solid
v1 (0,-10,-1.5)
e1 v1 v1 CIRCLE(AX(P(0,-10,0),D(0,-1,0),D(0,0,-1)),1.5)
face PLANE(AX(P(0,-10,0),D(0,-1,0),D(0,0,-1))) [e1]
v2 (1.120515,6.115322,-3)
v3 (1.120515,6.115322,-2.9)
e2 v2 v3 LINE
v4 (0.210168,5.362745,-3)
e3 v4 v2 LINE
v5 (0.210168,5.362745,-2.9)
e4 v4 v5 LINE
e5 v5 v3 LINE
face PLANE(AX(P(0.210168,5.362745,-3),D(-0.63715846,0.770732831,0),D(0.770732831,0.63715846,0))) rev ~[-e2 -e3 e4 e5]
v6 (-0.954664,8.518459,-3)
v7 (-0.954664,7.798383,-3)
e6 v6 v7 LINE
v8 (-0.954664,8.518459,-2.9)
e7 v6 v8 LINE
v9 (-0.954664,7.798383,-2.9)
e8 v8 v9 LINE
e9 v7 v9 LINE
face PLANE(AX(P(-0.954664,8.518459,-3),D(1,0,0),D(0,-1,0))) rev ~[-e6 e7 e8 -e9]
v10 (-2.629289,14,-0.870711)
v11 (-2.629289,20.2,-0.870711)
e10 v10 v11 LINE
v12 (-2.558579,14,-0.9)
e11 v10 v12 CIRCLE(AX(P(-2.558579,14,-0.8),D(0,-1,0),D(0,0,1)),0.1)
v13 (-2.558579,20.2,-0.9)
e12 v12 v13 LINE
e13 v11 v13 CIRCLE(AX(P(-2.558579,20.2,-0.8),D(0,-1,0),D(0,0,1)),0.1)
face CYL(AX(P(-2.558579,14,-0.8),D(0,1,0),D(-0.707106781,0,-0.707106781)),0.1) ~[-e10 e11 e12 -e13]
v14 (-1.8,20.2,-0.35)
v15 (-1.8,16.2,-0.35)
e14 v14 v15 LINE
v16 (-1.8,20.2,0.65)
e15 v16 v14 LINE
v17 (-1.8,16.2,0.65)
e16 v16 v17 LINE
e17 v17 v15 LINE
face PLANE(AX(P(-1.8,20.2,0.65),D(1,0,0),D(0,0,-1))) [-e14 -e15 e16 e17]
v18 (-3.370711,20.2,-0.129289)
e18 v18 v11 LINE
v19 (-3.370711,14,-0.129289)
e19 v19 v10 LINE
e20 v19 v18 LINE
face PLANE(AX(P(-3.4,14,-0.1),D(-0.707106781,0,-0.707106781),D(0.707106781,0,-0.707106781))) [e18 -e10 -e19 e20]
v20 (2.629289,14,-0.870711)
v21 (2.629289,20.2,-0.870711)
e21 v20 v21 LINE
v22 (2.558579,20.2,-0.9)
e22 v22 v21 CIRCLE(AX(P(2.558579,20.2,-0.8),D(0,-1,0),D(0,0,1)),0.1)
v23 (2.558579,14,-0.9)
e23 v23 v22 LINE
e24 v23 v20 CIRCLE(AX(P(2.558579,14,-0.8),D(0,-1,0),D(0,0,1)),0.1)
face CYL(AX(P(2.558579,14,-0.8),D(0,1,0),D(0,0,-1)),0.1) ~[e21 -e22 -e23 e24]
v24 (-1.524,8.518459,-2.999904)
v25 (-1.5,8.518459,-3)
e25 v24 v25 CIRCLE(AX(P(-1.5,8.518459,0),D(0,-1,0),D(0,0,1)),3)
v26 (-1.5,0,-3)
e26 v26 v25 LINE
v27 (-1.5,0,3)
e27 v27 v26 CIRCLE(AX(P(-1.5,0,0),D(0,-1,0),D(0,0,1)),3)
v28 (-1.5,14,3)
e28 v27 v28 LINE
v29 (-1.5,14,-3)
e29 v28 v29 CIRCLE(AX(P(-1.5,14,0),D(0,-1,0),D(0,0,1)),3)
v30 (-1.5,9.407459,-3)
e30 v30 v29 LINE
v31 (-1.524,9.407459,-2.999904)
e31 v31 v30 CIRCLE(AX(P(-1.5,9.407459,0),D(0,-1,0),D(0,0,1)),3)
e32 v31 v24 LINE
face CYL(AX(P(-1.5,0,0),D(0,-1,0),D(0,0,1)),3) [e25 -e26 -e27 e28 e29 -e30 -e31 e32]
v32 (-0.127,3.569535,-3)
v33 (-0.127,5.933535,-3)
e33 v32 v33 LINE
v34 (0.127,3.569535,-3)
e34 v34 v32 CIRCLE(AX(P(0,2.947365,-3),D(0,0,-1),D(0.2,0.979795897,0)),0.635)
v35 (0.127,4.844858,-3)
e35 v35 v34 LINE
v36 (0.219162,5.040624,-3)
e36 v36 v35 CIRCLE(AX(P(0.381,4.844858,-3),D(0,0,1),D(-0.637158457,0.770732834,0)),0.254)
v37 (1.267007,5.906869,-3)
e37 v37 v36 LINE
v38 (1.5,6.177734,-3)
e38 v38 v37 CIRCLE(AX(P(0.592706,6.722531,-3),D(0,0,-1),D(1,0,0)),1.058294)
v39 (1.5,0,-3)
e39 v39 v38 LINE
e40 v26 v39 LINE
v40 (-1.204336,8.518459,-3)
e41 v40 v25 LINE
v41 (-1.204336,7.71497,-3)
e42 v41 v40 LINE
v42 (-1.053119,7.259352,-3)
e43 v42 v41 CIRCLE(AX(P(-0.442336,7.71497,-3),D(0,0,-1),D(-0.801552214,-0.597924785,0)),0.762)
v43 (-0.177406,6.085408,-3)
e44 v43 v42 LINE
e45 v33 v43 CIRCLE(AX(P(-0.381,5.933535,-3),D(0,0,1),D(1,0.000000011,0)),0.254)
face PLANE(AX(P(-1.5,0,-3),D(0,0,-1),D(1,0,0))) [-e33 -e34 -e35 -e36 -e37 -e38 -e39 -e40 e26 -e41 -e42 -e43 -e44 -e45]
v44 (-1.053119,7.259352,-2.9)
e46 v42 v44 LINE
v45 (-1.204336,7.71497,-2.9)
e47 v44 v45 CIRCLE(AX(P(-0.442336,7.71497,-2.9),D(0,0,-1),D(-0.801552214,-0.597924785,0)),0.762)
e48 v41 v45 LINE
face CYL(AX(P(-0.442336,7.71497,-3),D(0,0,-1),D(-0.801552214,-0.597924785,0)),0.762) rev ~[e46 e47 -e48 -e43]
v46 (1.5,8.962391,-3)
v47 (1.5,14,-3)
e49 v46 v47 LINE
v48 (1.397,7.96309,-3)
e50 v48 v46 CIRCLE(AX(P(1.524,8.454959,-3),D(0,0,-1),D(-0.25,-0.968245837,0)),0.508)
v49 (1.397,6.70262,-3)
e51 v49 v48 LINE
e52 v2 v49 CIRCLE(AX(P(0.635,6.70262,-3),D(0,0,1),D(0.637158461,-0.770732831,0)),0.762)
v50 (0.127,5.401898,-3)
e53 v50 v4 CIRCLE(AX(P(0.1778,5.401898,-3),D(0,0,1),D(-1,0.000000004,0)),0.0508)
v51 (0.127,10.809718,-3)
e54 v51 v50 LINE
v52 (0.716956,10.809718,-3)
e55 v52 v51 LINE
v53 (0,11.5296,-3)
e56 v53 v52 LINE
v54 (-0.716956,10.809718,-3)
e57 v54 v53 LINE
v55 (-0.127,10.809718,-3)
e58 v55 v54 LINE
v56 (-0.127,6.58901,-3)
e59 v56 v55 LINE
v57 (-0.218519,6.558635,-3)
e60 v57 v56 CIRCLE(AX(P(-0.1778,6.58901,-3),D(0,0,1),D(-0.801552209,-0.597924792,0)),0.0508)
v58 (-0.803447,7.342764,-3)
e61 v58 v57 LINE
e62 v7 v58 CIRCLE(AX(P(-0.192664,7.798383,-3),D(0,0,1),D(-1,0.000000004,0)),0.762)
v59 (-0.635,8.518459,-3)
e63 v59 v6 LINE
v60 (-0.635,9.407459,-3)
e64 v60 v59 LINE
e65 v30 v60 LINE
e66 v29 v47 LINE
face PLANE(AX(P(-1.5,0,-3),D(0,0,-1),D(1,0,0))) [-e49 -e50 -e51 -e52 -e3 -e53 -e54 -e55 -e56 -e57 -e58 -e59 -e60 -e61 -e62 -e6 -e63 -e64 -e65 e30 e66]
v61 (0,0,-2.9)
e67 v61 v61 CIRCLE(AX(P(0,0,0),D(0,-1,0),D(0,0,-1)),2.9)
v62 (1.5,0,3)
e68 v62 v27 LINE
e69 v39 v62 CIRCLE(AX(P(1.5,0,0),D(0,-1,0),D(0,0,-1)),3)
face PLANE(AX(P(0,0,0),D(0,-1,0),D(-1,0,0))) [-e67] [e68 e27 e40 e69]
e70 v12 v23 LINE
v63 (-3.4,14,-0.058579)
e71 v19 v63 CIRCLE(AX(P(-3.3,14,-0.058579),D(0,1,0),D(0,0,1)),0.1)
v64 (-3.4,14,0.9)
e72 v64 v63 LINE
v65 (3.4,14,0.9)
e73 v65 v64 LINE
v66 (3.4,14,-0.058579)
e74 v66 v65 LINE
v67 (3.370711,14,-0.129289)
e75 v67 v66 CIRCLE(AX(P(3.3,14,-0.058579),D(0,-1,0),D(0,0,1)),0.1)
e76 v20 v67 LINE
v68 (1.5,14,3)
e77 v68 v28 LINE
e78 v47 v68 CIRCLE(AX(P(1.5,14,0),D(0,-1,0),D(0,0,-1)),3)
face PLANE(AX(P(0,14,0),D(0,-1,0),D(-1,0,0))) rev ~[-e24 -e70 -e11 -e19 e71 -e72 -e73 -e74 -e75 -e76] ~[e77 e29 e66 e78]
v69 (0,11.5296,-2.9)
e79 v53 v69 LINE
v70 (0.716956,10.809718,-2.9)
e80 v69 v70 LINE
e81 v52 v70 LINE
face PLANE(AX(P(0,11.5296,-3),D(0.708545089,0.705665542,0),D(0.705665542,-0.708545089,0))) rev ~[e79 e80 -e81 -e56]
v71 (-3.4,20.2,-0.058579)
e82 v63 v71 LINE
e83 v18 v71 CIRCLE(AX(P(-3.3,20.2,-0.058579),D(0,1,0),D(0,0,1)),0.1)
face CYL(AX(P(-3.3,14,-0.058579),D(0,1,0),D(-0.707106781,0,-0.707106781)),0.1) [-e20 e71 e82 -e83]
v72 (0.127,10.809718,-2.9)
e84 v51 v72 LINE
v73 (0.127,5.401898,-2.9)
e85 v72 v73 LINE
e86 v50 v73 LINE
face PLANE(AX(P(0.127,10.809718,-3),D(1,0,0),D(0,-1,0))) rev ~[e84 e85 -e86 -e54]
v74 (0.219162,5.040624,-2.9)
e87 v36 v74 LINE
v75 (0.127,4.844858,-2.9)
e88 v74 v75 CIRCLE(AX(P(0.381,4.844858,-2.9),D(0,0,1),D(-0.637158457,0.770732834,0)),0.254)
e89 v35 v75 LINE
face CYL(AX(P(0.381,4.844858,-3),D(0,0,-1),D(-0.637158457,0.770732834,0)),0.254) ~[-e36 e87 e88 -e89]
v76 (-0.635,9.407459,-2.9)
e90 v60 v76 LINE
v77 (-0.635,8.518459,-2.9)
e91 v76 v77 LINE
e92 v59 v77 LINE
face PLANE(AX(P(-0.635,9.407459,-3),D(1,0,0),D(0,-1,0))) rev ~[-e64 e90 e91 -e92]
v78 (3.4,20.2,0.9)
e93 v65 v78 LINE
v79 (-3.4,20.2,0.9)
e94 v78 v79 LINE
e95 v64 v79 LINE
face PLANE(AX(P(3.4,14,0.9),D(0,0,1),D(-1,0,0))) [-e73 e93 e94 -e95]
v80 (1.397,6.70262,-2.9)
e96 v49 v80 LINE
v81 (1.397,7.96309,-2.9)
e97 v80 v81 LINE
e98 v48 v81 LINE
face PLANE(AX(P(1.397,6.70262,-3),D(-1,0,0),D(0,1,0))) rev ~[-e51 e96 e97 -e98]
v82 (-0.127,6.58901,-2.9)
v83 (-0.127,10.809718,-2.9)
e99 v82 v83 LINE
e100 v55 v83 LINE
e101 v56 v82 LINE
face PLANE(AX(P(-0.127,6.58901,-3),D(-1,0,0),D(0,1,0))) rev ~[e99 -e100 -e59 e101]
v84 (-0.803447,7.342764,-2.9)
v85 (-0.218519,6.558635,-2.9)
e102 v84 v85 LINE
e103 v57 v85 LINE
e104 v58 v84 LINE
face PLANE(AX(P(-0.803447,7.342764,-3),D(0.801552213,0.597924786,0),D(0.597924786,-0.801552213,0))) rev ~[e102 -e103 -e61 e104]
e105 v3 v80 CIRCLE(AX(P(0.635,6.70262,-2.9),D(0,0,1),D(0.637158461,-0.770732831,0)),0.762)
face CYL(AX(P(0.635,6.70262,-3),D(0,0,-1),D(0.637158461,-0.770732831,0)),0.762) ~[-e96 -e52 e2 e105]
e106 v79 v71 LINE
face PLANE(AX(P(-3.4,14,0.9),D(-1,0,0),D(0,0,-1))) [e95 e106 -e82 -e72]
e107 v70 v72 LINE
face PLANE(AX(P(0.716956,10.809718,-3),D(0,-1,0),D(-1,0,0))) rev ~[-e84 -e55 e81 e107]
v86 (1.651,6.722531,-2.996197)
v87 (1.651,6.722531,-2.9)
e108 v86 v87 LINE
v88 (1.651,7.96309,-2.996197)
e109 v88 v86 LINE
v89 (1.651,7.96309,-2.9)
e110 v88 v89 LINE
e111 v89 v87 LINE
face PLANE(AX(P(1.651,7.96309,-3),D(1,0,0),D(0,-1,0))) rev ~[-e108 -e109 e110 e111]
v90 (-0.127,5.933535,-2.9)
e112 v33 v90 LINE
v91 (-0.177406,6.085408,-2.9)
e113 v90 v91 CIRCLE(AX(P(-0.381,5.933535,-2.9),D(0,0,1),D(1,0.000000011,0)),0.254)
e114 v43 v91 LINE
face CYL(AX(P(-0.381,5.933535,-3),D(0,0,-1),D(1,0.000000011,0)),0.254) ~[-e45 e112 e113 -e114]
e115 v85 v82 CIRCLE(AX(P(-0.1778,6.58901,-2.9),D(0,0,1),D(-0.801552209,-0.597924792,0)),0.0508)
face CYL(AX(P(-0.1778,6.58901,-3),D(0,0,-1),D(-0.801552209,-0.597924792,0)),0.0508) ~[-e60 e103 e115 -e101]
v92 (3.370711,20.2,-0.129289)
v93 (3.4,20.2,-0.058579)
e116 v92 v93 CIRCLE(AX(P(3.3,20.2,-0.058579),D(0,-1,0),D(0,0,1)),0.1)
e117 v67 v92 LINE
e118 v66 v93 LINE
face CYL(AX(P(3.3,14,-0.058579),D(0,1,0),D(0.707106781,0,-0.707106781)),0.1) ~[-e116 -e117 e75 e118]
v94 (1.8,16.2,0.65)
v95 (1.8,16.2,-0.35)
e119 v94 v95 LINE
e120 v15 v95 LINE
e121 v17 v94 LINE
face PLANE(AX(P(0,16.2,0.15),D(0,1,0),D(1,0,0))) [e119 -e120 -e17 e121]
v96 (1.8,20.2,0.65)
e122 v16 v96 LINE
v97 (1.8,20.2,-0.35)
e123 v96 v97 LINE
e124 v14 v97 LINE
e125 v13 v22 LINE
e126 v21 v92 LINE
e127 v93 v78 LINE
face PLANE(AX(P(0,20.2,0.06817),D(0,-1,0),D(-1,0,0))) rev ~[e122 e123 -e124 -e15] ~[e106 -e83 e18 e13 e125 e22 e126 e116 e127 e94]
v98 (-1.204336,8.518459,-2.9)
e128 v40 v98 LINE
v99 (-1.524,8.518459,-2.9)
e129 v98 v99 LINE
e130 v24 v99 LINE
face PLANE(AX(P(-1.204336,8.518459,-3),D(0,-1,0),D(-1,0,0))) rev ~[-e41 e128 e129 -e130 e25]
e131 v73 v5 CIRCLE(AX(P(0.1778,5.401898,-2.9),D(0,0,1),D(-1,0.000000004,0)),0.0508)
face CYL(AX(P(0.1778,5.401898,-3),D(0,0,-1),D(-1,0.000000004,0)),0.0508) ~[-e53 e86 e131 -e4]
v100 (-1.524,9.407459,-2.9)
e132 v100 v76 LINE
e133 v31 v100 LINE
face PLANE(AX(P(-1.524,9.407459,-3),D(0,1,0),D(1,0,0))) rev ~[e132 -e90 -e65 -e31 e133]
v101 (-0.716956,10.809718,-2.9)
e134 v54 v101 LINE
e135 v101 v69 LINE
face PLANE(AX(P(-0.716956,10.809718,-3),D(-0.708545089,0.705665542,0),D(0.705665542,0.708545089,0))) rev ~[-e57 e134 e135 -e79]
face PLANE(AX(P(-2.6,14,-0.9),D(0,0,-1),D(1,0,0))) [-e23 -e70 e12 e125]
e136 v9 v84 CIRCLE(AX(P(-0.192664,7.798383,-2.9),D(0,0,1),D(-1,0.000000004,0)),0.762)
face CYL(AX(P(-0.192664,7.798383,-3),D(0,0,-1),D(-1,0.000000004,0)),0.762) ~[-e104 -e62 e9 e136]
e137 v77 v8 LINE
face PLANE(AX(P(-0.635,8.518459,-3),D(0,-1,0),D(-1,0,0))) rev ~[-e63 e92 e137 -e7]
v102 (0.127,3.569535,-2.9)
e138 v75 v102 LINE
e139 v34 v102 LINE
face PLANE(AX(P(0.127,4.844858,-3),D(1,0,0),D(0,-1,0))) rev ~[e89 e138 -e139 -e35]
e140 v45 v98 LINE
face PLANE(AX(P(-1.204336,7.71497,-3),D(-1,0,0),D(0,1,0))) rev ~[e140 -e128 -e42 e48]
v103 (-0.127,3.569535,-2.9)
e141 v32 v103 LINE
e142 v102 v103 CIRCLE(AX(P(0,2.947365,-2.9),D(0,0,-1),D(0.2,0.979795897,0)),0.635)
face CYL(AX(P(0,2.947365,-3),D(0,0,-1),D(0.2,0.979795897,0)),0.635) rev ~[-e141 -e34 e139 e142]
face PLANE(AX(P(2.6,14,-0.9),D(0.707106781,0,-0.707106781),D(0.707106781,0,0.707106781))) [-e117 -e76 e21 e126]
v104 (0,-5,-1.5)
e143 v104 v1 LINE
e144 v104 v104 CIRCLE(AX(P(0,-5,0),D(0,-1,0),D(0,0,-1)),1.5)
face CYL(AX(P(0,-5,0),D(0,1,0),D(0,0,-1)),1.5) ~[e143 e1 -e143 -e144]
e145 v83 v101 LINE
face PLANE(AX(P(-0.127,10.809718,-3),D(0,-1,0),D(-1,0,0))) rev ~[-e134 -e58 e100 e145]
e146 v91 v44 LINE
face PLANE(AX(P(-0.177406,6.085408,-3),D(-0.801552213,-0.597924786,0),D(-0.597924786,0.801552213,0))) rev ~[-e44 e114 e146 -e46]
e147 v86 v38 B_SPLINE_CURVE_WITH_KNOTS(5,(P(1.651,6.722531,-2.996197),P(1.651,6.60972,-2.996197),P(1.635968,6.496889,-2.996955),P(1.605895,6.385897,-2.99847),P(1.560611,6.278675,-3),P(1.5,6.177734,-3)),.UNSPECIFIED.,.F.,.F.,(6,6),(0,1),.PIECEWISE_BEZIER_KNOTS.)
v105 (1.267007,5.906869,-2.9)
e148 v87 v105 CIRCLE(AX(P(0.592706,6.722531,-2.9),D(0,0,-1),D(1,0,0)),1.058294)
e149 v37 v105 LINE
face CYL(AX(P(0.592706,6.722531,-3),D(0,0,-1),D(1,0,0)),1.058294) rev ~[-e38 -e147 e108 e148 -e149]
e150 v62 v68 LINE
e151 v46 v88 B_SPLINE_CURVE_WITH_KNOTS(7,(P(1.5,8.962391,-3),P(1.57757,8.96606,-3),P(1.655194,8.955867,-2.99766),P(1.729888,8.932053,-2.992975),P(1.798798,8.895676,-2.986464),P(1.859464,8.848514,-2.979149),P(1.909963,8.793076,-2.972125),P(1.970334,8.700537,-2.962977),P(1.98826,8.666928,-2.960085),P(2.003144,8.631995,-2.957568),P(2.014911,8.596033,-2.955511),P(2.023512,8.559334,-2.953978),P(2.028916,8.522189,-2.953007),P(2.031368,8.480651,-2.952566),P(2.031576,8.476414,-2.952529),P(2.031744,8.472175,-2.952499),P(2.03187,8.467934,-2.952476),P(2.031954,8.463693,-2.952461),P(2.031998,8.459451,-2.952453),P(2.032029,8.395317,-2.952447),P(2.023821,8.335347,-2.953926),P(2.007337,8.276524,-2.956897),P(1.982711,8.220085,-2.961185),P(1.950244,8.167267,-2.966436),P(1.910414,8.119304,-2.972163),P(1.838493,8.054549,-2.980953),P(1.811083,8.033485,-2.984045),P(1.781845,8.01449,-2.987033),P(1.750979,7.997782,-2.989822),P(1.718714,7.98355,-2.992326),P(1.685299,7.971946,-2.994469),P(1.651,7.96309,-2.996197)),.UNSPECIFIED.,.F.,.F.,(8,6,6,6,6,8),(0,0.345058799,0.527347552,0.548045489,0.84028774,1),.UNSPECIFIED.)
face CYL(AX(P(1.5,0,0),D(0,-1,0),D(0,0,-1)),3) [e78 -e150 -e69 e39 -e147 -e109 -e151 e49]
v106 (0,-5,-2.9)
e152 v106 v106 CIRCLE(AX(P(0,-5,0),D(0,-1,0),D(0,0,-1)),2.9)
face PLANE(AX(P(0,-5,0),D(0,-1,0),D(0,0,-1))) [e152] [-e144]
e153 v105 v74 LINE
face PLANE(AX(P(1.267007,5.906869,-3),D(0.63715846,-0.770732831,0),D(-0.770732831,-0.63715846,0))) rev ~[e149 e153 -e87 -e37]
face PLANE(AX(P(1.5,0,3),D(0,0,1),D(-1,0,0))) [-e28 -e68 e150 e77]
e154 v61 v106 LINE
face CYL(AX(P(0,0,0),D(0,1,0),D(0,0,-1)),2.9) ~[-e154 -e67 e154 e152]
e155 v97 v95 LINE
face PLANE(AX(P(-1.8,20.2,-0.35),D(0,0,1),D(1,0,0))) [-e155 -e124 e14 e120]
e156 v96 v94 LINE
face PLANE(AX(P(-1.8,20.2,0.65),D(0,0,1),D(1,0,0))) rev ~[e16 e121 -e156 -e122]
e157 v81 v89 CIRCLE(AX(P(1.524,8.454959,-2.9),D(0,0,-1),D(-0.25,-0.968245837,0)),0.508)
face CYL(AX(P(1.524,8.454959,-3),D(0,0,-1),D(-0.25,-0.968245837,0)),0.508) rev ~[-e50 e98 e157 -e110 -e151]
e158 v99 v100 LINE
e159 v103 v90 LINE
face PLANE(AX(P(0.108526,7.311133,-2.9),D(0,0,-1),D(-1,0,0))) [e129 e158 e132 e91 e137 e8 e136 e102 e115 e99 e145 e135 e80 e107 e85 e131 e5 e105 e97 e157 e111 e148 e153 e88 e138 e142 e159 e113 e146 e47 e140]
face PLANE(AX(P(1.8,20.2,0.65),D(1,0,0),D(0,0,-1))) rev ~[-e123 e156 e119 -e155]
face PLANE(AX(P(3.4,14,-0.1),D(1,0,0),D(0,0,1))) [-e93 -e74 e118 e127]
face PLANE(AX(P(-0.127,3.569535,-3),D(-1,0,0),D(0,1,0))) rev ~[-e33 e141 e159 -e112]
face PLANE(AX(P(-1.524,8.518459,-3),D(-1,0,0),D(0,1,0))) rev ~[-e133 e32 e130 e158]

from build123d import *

# Parameters (mm, degrees)
EXTRUDE_1_DEPTH     = 14
SKETCH_2_R          = 2.9
EXTRUDE_2_DEPTH     = 5
EXTRUDE_3_DEPTH     = 6.2
SKETCH_5_W          = 3.6
SKETCH_5_H          = 1
CUT_EXTRUDE_1_DEPTH = 4
FILLET_1_R          = 0.1
SKETCH_6_R          = 1.5
EXTRUDE_4_DEPTH     = 5
CUT_EXTRUDE_2_DEPTH = 0.1


with BuildPart() as part:
    # 草图1 → 凸台-拉伸1 (new body)
    with BuildSketch(Plane(origin=(0, 0, 0), x_dir=(1, 0, 0), z_dir=(0, 1, 0))):
        with BuildLine():
            Line((-1.5, 3), (1.5, 3))
            ThreePointArc((1.5, 3), (4.5, 0), (1.5, -3))
            Line((1.5, -3), (-1.5, -3))
            ThreePointArc((-1.5, -3), (-4.5, 0), (-1.5, 3))
        make_face()
    extrude(amount=EXTRUDE_1_DEPTH)

    # 草图2 → 凸台-拉伸2 (add)
    with BuildSketch(Plane.XZ):
        with Locations(Location((0, 0, 0), (0, 0, 270))):
            Circle(SKETCH_2_R)
    extrude(amount=EXTRUDE_2_DEPTH)

    # 草图3 → 凸台-拉伸3 (add)
    with BuildSketch(Plane(origin=(0, 14, 0), x_dir=(1, 0, 0), z_dir=(0, 1, 0))):
        Polygon((-3.4, 0.1), (-2.6, 0.9), (2.6, 0.9), (3.4, 0.1), (3.4, -0.9), (-3.4, -0.9), align=None)
    extrude(amount=EXTRUDE_3_DEPTH)

    # 草图5 → 切除-拉伸1 (cut)
    with BuildSketch(Plane(origin=(0, 20.2, 0), x_dir=(1, 0, 0), z_dir=(0, 1, 0))):
        with Locations((0, -0.15)):
            Rectangle(SKETCH_5_W, SKETCH_5_H)
    extrude(amount=-CUT_EXTRUDE_1_DEPTH, mode=Mode.SUBTRACT)

    # 圆角1
    fillet_1_edges = [part.edges().sort_by_distance(p)[0] for p in [
        (3.4, 17.1, -0.1),
        (2.6, 17.1, -0.9),
        (-2.6, 17.1, -0.9),
        (-3.4, 17.1, -0.1),
    ]]
    fillet(fillet_1_edges, radius=FILLET_1_R)

    # 草图6 → 凸台-拉伸4 (add)
    with BuildSketch(Plane.XZ.offset(5)):
        with Locations(Location((0, 0, 0), (0, 0, 270))):
            Circle(SKETCH_6_R)
    extrude(amount=EXTRUDE_4_DEPTH)

    # 草图8 → 切除-拉伸2 (cut)
    with BuildSketch(Plane(origin=(0, 0, -3), x_dir=(-1, 0, 0), z_dir=(0, 0, -1))):
        with BuildLine():
            Line((0, 11.52960021), (-0.716956191, 10.8097184))
            Line((-0.716956191, 10.8097184), (-0.127, 10.8097184))
            Line((-0.127, 10.8097184), (-0.127, 5.401898496))
            ThreePointArc((-0.127, 5.401898496), (-0.156162493, 5.355937009), (-0.21016765, 5.362745269))
            Line((-0.21016765, 5.362745269), (-1.120514747, 6.115321688))
            ThreePointArc((-1.120514747, 6.115321688), (-1.324422308, 6.378057505), (-1.397, 6.702620106))
            Line((-1.397, 6.702620106), (-1.397, 7.963089706))
            ThreePointArc((-1.397, 7.963089706), (-1.524, 8.962958591), (-1.651, 7.963089706))
            Line((-1.651, 7.963089706), (-1.651, 6.722530894))
            ThreePointArc((-1.651, 6.722530894), (-1.550201428, 6.271766401), (-1.267007097, 5.906869222))
            Line((-1.267007097, 5.906869222), (-0.219161751, 5.040624136))
            ThreePointArc((-0.219161751, 5.040624136), (-0.151192564, 4.953045531), (-0.127, 4.844857997))
            Line((-0.127, 4.844857997), (-0.127, 3.56953501))
            ThreePointArc((-0.127, 3.56953501), (0, 2.312364615), (0.127, 3.56953501))
            Line((0.127, 3.56953501), (0.127, 5.933535284))
            ThreePointArc((0.127, 5.933535284), (0.139930568, 6.013544838), (0.177405738, 6.08540818))
            Line((0.177405738, 6.08540818), (1.053118903, 7.259351528))
            ThreePointArc((1.053118903, 7.259351528), (1.165544414, 7.474941553), (1.204336117, 7.714970215))
            Line((1.204336117, 7.714970215), (1.204336117, 8.518458591))
            Line((1.204336117, 8.518458591), (1.524, 8.518458591))
            Line((1.524, 8.518458591), (1.524, 9.407458591))
            Line((1.524, 9.407458591), (0.635, 9.407458591))
            Line((0.635, 9.407458591), (0.635, 8.518458591))
            Line((0.635, 8.518458591), (0.954663883, 8.518458591))
            Line((0.954663883, 8.518458591), (0.954663883, 7.798383163))
            ThreePointArc((0.954663883, 7.798383163), (0.915872181, 7.558354501), (0.80344667, 7.342764476))
            Line((0.80344667, 7.342764476), (0.218518852, 6.558635439))
            ThreePointArc((0.218518852, 6.558635439), (0.161798089, 6.540796132), (0.127, 6.589010019))
            Line((0.127, 6.589010019), (0.127, 10.8097184))
            Line((0.127, 10.8097184), (0.716956191, 10.8097184))
            Line((0.716956191, 10.8097184), (0, 11.52960021))
        make_face()
    extrude(amount=-CUT_EXTRUDE_2_DEPTH, mode=Mode.SUBTRACT)


solid = part.part
